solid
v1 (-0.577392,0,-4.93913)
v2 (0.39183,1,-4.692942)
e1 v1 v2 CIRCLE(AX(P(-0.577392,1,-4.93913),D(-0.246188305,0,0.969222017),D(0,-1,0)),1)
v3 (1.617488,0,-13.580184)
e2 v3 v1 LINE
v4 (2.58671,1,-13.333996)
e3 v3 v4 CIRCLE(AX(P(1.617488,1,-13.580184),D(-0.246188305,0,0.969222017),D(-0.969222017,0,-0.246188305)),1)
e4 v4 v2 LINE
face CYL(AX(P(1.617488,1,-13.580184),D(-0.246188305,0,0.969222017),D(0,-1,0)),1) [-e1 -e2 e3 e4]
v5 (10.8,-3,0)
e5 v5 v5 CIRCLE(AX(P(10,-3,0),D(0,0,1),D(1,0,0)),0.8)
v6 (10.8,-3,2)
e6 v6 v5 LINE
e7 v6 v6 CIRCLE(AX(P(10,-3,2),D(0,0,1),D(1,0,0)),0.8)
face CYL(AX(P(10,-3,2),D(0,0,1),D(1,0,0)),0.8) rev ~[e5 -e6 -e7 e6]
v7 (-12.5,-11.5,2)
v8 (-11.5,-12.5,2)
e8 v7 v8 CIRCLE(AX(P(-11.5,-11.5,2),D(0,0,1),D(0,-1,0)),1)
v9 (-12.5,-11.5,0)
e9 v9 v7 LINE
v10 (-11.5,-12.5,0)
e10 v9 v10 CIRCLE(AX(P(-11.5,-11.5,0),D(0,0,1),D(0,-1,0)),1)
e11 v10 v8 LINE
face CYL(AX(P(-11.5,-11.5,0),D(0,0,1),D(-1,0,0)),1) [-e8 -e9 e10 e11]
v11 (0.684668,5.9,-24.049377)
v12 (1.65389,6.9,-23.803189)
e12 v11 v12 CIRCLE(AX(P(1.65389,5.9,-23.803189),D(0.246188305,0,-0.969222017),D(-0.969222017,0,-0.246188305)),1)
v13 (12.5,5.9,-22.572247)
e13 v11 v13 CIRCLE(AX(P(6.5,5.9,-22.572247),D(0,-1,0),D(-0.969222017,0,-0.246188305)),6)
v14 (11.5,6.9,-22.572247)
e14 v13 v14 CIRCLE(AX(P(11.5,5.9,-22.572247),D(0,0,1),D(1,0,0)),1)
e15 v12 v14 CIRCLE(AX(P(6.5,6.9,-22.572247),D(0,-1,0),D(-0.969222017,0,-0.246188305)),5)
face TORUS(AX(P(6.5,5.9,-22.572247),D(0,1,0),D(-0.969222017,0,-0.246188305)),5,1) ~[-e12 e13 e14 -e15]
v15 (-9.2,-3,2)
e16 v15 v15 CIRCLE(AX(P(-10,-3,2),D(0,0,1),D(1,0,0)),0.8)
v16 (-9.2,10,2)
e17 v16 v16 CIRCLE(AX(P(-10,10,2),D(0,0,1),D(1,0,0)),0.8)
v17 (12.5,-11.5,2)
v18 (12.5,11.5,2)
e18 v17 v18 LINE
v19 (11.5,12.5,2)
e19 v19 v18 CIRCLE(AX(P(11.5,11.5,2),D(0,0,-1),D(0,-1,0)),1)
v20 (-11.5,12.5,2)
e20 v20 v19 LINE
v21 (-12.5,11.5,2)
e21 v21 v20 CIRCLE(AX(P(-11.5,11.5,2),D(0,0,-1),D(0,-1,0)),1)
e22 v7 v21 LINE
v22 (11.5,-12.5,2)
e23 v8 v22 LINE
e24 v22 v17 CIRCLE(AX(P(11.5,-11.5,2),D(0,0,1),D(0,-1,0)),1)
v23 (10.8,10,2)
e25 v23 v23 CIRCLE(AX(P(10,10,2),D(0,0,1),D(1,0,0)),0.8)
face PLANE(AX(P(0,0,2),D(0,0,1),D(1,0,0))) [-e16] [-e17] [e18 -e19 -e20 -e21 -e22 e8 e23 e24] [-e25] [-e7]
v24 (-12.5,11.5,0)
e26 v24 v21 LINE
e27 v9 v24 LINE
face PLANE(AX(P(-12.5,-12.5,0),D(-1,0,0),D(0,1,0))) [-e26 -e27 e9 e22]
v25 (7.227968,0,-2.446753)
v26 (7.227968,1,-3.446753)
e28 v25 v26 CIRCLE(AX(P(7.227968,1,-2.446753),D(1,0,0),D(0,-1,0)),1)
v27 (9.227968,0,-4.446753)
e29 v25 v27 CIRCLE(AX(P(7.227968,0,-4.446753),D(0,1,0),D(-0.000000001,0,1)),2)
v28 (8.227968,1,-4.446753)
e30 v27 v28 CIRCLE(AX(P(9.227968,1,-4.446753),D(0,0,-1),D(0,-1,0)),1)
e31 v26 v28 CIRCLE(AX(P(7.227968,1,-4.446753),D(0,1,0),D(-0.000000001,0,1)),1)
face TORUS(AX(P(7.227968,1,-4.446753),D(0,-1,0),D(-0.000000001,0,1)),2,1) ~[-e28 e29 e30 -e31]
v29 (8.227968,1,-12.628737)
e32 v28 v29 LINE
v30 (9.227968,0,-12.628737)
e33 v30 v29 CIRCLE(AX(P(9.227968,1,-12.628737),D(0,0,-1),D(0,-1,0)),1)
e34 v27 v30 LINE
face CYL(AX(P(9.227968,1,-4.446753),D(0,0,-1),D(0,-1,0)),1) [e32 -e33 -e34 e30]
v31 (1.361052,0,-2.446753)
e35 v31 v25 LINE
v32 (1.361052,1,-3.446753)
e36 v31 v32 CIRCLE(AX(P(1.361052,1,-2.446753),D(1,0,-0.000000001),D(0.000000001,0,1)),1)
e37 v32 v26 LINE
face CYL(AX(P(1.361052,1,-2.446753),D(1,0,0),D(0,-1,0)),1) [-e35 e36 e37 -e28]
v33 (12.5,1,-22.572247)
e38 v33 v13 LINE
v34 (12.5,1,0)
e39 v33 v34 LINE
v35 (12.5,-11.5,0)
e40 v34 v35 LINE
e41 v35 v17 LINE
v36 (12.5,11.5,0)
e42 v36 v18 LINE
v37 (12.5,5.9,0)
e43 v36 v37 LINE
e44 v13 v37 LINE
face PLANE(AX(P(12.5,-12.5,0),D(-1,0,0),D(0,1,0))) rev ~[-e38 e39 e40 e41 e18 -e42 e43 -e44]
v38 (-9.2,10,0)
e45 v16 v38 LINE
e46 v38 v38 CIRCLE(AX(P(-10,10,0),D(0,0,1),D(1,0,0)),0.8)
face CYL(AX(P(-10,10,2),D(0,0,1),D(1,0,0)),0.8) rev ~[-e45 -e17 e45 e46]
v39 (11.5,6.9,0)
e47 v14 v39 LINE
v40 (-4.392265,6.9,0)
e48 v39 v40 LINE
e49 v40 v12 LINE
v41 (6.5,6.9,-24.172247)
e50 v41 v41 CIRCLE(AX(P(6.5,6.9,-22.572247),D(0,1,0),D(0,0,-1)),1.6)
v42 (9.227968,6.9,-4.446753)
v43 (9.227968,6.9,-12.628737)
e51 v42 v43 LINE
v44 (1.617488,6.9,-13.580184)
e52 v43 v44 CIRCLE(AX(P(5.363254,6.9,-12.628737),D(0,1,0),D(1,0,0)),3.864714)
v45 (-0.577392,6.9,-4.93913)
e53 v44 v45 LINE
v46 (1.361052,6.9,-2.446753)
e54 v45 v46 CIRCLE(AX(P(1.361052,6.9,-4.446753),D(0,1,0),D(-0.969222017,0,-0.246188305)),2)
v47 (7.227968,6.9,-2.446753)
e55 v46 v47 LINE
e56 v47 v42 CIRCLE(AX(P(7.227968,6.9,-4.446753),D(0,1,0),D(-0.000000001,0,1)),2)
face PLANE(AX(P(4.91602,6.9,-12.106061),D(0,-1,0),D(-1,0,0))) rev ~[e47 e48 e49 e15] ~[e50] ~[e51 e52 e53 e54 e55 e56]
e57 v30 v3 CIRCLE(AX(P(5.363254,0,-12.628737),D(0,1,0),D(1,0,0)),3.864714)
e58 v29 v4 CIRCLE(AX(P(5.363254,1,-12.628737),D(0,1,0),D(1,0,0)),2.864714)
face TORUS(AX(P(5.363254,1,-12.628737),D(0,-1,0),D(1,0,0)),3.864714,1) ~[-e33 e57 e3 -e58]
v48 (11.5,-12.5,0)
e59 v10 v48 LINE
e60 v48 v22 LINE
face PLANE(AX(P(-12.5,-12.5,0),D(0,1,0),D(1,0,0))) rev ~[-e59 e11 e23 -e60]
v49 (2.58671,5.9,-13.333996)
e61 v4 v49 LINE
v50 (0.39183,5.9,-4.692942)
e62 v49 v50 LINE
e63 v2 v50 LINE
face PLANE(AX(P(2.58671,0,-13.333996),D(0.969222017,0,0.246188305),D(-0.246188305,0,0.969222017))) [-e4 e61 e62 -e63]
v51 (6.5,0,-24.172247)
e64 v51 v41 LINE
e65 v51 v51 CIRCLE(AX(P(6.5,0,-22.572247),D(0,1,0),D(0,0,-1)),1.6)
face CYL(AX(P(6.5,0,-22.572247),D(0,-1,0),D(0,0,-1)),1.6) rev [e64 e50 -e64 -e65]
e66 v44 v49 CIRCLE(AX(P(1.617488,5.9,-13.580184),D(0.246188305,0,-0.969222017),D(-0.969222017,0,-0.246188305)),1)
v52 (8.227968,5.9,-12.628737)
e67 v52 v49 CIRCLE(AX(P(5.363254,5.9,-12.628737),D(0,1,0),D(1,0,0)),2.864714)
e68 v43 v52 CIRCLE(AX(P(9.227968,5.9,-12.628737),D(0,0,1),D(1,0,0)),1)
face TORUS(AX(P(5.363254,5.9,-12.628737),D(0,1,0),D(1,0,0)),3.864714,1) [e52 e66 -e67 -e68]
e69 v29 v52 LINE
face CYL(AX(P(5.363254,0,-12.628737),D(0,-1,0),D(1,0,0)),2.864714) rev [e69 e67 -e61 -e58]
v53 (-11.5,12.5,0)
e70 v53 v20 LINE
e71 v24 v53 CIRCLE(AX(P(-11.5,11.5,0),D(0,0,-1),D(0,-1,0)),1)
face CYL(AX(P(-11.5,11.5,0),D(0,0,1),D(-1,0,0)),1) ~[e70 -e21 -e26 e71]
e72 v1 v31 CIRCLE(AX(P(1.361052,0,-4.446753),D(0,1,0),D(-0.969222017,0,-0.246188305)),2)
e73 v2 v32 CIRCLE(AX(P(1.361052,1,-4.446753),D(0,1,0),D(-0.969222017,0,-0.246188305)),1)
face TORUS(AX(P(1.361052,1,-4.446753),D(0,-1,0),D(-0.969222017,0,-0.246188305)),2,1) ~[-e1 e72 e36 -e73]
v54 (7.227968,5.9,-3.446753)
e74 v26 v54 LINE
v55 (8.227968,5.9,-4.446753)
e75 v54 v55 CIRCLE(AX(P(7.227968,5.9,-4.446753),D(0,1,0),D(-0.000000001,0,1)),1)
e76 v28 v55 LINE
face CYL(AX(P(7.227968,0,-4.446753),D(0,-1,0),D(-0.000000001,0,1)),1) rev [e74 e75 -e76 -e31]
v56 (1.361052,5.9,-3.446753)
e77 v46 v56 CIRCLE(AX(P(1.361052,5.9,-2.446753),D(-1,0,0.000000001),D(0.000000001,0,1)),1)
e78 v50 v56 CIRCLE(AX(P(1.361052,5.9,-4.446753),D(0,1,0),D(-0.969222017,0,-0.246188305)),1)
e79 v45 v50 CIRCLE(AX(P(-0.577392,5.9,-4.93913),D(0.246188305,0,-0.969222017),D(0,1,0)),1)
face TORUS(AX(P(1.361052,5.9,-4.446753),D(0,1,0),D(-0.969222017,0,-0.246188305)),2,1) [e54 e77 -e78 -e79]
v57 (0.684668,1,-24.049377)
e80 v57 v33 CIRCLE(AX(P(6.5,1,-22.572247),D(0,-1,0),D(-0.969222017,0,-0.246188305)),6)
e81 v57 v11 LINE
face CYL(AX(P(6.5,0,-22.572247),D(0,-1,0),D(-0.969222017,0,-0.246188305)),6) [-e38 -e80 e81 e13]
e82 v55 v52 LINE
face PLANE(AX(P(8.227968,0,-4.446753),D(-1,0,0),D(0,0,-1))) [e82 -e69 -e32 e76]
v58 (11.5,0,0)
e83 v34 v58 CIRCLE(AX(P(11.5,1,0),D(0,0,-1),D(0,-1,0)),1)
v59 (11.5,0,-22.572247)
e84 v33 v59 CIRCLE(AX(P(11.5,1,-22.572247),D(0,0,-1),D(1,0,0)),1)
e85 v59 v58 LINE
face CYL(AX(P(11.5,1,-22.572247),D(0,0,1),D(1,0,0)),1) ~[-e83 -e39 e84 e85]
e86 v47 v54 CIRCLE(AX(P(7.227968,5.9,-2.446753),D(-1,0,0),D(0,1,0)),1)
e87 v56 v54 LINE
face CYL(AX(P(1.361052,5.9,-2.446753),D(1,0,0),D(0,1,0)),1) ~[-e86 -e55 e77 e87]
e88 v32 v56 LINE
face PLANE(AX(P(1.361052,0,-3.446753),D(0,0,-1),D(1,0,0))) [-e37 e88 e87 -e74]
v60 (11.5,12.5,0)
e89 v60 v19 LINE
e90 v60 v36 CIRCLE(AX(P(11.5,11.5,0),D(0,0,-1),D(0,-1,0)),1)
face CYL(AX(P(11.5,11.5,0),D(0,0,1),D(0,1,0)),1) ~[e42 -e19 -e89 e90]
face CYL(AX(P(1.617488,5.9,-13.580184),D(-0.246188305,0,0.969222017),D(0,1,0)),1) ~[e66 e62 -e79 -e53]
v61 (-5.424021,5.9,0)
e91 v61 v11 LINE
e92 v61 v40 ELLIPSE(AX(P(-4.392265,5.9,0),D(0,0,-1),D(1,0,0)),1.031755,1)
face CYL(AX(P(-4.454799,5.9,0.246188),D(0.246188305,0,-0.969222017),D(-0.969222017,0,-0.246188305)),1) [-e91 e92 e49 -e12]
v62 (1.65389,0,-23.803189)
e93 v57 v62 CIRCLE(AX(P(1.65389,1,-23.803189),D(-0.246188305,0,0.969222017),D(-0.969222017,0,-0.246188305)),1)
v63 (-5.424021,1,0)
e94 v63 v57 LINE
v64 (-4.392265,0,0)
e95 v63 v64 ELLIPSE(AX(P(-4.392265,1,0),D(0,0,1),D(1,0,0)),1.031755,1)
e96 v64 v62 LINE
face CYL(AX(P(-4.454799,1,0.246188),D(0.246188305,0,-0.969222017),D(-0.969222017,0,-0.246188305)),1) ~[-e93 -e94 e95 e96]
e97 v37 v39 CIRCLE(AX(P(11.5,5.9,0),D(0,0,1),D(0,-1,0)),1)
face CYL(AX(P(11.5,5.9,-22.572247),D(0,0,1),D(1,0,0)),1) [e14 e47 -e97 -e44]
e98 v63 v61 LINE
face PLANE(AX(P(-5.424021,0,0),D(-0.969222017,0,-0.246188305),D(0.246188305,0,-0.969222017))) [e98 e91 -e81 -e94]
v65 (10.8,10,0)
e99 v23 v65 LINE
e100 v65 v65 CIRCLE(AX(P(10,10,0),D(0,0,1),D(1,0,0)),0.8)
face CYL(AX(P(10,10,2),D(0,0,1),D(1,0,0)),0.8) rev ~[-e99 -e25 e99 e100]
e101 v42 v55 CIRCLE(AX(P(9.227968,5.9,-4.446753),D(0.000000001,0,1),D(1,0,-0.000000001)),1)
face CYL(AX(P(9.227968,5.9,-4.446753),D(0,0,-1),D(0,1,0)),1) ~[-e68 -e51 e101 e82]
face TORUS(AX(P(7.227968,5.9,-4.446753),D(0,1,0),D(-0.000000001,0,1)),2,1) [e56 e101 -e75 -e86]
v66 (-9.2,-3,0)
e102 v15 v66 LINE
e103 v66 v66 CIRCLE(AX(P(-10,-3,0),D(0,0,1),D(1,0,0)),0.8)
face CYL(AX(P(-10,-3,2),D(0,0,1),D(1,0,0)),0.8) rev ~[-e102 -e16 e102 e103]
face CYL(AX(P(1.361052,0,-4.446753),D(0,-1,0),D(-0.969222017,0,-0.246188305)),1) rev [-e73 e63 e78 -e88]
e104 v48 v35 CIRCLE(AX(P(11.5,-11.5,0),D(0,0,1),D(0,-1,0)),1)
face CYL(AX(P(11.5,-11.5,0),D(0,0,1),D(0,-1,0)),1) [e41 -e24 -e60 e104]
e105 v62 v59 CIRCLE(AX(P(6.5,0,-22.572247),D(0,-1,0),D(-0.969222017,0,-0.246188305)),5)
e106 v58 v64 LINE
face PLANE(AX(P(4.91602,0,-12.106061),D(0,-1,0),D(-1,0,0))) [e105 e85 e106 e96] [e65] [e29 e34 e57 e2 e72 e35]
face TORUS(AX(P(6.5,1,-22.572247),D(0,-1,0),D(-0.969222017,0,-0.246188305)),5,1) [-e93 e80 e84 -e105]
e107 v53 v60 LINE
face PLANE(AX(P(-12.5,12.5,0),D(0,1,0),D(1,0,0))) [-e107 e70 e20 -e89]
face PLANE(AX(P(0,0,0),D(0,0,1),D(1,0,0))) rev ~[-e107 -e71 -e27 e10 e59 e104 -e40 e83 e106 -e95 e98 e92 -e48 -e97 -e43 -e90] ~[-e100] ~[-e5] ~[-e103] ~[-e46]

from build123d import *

# Parameters (mm, degrees)
SKETCH1_W            = 25
SKETCH1_H            = 25
BOSS_EXTRUDE1_DEPTH  = 2
SKETCH2_R            = 0.8
CUT_EXTRUDE1_DEPTH   = 18.790446875
LPATTERN1_COUNT      = 2
LPATTERN1_PITCH      = 20
LPATTERN1_COUNT_DIR2 = 2
LPATTERN1_PITCH_DIR2 = 13
SKETCH3_R            = 1.6
BOSS_EXTRUDE2_DEPTH  = 6.9
FILLET1_R            = 1


with BuildPart() as part:
    # Sketch1 → Boss-Extrude1 (new body)
    with BuildSketch(Plane.XY):
        Rectangle(SKETCH1_W, SKETCH1_H)
    extrude(amount=BOSS_EXTRUDE1_DEPTH)

    # Sketch2 → Cut-Extrude1 (cut, through all)
    with BuildSketch(Plane.XY.offset(2)):
        with Locations((-10, 10)):
            Circle(SKETCH2_R)
    cut_extrude1 = extrude(amount=-CUT_EXTRUDE1_DEPTH, mode=Mode.SUBTRACT)

    # LPattern1: Cut-Extrude1 2 × 2
    with Locations(*[(i * LPATTERN1_PITCH, -j * LPATTERN1_PITCH_DIR2, 0) for i in range(LPATTERN1_COUNT) for j in range(LPATTERN1_COUNT_DIR2) if (i, j) != (0, 0)]):
        add(cut_extrude1, mode=Mode.SUBTRACT)

    # Sketch3 → Boss-Extrude2 (add)
    with BuildSketch(Plane(origin=(0, 0, 0), x_dir=(1, 0, 0), z_dir=(0, 1, 0))):
        with BuildLine():
            Line((12.5, 0), (-5.42402052, 0))
            Line((-5.42402052, 0), (0.684667897, 24.049376833))
            ThreePointArc((0.684667897, 24.049376833), (7.244314241, 28.525901035), (12.5, 22.572247005))
            Line((12.5, 22.572247005), (12.5, 0))
        make_face()
        with Locations(Location((6.5, 22.572247005, 0), (0, 0, 90))):
            Circle(SKETCH3_R, mode=Mode.SUBTRACT)
        with BuildLine():
            Line((1.361051754, 3.446753303), (7.227967943, 3.446753303))
            ThreePointArc((7.227967943, 3.446753303), (7.935074725, 3.739646522), (8.227967943, 4.446753303))
            Line((8.227967943, 4.446753303), (8.227967943, 12.628736978))
            ThreePointArc((8.227967943, 12.628736978), (5.718628608, 15.471322881), (2.586710272, 13.333996035))
            Line((2.586710272, 13.333996035), (0.391829737, 4.692941607))
            ThreePointArc((0.391829737, 4.692941607), (0.571688623, 3.832826721), (1.361051754, 3.446753303))
        make_face(mode=Mode.SUBTRACT)
    extrude(amount=BOSS_EXTRUDE2_DEPTH)

    # Fillet1
    fillet1_edges = [part.edges().sort_by_distance(p)[0] for p in [
        (12.5, 6.9, -11.286123503),
        (7.244314241, 6.9, -28.525901035),
        (-2.369676312, 6.9, -12.024688416),
        (8.227967943, 0, -8.53774514),
        (5.718628608, 0, -15.471322881),
        (1.489270004, 0, -9.013468821),
        (0.571688623, 0, -3.832826721),
        (4.294509849, 0, -3.446753303),
        (7.935074725, 0, -3.739646522),
        (12.5, 0, -11.286123503),
        (7.244314241, 0, -28.525901035),
        (-2.369676312, 0, -12.024688416),
        (5.718628608, 6.9, -15.471322881),
        (1.489270004, 6.9, -9.013468821),
        (0.571688623, 6.9, -3.832826721),
        (4.294509849, 6.9, -3.446753303),
        (7.935074725, 6.9, -3.739646522),
        (8.227967943, 6.9, -8.53774514),
        (12.5, -12.5, 1),
        (-12.5, -12.5, 1),
        (-12.5, 12.5, 1),
        (12.5, 12.5, 1),
    ]]
    fillet(fillet1_edges, radius=FILLET1_R)


solid = part.part
